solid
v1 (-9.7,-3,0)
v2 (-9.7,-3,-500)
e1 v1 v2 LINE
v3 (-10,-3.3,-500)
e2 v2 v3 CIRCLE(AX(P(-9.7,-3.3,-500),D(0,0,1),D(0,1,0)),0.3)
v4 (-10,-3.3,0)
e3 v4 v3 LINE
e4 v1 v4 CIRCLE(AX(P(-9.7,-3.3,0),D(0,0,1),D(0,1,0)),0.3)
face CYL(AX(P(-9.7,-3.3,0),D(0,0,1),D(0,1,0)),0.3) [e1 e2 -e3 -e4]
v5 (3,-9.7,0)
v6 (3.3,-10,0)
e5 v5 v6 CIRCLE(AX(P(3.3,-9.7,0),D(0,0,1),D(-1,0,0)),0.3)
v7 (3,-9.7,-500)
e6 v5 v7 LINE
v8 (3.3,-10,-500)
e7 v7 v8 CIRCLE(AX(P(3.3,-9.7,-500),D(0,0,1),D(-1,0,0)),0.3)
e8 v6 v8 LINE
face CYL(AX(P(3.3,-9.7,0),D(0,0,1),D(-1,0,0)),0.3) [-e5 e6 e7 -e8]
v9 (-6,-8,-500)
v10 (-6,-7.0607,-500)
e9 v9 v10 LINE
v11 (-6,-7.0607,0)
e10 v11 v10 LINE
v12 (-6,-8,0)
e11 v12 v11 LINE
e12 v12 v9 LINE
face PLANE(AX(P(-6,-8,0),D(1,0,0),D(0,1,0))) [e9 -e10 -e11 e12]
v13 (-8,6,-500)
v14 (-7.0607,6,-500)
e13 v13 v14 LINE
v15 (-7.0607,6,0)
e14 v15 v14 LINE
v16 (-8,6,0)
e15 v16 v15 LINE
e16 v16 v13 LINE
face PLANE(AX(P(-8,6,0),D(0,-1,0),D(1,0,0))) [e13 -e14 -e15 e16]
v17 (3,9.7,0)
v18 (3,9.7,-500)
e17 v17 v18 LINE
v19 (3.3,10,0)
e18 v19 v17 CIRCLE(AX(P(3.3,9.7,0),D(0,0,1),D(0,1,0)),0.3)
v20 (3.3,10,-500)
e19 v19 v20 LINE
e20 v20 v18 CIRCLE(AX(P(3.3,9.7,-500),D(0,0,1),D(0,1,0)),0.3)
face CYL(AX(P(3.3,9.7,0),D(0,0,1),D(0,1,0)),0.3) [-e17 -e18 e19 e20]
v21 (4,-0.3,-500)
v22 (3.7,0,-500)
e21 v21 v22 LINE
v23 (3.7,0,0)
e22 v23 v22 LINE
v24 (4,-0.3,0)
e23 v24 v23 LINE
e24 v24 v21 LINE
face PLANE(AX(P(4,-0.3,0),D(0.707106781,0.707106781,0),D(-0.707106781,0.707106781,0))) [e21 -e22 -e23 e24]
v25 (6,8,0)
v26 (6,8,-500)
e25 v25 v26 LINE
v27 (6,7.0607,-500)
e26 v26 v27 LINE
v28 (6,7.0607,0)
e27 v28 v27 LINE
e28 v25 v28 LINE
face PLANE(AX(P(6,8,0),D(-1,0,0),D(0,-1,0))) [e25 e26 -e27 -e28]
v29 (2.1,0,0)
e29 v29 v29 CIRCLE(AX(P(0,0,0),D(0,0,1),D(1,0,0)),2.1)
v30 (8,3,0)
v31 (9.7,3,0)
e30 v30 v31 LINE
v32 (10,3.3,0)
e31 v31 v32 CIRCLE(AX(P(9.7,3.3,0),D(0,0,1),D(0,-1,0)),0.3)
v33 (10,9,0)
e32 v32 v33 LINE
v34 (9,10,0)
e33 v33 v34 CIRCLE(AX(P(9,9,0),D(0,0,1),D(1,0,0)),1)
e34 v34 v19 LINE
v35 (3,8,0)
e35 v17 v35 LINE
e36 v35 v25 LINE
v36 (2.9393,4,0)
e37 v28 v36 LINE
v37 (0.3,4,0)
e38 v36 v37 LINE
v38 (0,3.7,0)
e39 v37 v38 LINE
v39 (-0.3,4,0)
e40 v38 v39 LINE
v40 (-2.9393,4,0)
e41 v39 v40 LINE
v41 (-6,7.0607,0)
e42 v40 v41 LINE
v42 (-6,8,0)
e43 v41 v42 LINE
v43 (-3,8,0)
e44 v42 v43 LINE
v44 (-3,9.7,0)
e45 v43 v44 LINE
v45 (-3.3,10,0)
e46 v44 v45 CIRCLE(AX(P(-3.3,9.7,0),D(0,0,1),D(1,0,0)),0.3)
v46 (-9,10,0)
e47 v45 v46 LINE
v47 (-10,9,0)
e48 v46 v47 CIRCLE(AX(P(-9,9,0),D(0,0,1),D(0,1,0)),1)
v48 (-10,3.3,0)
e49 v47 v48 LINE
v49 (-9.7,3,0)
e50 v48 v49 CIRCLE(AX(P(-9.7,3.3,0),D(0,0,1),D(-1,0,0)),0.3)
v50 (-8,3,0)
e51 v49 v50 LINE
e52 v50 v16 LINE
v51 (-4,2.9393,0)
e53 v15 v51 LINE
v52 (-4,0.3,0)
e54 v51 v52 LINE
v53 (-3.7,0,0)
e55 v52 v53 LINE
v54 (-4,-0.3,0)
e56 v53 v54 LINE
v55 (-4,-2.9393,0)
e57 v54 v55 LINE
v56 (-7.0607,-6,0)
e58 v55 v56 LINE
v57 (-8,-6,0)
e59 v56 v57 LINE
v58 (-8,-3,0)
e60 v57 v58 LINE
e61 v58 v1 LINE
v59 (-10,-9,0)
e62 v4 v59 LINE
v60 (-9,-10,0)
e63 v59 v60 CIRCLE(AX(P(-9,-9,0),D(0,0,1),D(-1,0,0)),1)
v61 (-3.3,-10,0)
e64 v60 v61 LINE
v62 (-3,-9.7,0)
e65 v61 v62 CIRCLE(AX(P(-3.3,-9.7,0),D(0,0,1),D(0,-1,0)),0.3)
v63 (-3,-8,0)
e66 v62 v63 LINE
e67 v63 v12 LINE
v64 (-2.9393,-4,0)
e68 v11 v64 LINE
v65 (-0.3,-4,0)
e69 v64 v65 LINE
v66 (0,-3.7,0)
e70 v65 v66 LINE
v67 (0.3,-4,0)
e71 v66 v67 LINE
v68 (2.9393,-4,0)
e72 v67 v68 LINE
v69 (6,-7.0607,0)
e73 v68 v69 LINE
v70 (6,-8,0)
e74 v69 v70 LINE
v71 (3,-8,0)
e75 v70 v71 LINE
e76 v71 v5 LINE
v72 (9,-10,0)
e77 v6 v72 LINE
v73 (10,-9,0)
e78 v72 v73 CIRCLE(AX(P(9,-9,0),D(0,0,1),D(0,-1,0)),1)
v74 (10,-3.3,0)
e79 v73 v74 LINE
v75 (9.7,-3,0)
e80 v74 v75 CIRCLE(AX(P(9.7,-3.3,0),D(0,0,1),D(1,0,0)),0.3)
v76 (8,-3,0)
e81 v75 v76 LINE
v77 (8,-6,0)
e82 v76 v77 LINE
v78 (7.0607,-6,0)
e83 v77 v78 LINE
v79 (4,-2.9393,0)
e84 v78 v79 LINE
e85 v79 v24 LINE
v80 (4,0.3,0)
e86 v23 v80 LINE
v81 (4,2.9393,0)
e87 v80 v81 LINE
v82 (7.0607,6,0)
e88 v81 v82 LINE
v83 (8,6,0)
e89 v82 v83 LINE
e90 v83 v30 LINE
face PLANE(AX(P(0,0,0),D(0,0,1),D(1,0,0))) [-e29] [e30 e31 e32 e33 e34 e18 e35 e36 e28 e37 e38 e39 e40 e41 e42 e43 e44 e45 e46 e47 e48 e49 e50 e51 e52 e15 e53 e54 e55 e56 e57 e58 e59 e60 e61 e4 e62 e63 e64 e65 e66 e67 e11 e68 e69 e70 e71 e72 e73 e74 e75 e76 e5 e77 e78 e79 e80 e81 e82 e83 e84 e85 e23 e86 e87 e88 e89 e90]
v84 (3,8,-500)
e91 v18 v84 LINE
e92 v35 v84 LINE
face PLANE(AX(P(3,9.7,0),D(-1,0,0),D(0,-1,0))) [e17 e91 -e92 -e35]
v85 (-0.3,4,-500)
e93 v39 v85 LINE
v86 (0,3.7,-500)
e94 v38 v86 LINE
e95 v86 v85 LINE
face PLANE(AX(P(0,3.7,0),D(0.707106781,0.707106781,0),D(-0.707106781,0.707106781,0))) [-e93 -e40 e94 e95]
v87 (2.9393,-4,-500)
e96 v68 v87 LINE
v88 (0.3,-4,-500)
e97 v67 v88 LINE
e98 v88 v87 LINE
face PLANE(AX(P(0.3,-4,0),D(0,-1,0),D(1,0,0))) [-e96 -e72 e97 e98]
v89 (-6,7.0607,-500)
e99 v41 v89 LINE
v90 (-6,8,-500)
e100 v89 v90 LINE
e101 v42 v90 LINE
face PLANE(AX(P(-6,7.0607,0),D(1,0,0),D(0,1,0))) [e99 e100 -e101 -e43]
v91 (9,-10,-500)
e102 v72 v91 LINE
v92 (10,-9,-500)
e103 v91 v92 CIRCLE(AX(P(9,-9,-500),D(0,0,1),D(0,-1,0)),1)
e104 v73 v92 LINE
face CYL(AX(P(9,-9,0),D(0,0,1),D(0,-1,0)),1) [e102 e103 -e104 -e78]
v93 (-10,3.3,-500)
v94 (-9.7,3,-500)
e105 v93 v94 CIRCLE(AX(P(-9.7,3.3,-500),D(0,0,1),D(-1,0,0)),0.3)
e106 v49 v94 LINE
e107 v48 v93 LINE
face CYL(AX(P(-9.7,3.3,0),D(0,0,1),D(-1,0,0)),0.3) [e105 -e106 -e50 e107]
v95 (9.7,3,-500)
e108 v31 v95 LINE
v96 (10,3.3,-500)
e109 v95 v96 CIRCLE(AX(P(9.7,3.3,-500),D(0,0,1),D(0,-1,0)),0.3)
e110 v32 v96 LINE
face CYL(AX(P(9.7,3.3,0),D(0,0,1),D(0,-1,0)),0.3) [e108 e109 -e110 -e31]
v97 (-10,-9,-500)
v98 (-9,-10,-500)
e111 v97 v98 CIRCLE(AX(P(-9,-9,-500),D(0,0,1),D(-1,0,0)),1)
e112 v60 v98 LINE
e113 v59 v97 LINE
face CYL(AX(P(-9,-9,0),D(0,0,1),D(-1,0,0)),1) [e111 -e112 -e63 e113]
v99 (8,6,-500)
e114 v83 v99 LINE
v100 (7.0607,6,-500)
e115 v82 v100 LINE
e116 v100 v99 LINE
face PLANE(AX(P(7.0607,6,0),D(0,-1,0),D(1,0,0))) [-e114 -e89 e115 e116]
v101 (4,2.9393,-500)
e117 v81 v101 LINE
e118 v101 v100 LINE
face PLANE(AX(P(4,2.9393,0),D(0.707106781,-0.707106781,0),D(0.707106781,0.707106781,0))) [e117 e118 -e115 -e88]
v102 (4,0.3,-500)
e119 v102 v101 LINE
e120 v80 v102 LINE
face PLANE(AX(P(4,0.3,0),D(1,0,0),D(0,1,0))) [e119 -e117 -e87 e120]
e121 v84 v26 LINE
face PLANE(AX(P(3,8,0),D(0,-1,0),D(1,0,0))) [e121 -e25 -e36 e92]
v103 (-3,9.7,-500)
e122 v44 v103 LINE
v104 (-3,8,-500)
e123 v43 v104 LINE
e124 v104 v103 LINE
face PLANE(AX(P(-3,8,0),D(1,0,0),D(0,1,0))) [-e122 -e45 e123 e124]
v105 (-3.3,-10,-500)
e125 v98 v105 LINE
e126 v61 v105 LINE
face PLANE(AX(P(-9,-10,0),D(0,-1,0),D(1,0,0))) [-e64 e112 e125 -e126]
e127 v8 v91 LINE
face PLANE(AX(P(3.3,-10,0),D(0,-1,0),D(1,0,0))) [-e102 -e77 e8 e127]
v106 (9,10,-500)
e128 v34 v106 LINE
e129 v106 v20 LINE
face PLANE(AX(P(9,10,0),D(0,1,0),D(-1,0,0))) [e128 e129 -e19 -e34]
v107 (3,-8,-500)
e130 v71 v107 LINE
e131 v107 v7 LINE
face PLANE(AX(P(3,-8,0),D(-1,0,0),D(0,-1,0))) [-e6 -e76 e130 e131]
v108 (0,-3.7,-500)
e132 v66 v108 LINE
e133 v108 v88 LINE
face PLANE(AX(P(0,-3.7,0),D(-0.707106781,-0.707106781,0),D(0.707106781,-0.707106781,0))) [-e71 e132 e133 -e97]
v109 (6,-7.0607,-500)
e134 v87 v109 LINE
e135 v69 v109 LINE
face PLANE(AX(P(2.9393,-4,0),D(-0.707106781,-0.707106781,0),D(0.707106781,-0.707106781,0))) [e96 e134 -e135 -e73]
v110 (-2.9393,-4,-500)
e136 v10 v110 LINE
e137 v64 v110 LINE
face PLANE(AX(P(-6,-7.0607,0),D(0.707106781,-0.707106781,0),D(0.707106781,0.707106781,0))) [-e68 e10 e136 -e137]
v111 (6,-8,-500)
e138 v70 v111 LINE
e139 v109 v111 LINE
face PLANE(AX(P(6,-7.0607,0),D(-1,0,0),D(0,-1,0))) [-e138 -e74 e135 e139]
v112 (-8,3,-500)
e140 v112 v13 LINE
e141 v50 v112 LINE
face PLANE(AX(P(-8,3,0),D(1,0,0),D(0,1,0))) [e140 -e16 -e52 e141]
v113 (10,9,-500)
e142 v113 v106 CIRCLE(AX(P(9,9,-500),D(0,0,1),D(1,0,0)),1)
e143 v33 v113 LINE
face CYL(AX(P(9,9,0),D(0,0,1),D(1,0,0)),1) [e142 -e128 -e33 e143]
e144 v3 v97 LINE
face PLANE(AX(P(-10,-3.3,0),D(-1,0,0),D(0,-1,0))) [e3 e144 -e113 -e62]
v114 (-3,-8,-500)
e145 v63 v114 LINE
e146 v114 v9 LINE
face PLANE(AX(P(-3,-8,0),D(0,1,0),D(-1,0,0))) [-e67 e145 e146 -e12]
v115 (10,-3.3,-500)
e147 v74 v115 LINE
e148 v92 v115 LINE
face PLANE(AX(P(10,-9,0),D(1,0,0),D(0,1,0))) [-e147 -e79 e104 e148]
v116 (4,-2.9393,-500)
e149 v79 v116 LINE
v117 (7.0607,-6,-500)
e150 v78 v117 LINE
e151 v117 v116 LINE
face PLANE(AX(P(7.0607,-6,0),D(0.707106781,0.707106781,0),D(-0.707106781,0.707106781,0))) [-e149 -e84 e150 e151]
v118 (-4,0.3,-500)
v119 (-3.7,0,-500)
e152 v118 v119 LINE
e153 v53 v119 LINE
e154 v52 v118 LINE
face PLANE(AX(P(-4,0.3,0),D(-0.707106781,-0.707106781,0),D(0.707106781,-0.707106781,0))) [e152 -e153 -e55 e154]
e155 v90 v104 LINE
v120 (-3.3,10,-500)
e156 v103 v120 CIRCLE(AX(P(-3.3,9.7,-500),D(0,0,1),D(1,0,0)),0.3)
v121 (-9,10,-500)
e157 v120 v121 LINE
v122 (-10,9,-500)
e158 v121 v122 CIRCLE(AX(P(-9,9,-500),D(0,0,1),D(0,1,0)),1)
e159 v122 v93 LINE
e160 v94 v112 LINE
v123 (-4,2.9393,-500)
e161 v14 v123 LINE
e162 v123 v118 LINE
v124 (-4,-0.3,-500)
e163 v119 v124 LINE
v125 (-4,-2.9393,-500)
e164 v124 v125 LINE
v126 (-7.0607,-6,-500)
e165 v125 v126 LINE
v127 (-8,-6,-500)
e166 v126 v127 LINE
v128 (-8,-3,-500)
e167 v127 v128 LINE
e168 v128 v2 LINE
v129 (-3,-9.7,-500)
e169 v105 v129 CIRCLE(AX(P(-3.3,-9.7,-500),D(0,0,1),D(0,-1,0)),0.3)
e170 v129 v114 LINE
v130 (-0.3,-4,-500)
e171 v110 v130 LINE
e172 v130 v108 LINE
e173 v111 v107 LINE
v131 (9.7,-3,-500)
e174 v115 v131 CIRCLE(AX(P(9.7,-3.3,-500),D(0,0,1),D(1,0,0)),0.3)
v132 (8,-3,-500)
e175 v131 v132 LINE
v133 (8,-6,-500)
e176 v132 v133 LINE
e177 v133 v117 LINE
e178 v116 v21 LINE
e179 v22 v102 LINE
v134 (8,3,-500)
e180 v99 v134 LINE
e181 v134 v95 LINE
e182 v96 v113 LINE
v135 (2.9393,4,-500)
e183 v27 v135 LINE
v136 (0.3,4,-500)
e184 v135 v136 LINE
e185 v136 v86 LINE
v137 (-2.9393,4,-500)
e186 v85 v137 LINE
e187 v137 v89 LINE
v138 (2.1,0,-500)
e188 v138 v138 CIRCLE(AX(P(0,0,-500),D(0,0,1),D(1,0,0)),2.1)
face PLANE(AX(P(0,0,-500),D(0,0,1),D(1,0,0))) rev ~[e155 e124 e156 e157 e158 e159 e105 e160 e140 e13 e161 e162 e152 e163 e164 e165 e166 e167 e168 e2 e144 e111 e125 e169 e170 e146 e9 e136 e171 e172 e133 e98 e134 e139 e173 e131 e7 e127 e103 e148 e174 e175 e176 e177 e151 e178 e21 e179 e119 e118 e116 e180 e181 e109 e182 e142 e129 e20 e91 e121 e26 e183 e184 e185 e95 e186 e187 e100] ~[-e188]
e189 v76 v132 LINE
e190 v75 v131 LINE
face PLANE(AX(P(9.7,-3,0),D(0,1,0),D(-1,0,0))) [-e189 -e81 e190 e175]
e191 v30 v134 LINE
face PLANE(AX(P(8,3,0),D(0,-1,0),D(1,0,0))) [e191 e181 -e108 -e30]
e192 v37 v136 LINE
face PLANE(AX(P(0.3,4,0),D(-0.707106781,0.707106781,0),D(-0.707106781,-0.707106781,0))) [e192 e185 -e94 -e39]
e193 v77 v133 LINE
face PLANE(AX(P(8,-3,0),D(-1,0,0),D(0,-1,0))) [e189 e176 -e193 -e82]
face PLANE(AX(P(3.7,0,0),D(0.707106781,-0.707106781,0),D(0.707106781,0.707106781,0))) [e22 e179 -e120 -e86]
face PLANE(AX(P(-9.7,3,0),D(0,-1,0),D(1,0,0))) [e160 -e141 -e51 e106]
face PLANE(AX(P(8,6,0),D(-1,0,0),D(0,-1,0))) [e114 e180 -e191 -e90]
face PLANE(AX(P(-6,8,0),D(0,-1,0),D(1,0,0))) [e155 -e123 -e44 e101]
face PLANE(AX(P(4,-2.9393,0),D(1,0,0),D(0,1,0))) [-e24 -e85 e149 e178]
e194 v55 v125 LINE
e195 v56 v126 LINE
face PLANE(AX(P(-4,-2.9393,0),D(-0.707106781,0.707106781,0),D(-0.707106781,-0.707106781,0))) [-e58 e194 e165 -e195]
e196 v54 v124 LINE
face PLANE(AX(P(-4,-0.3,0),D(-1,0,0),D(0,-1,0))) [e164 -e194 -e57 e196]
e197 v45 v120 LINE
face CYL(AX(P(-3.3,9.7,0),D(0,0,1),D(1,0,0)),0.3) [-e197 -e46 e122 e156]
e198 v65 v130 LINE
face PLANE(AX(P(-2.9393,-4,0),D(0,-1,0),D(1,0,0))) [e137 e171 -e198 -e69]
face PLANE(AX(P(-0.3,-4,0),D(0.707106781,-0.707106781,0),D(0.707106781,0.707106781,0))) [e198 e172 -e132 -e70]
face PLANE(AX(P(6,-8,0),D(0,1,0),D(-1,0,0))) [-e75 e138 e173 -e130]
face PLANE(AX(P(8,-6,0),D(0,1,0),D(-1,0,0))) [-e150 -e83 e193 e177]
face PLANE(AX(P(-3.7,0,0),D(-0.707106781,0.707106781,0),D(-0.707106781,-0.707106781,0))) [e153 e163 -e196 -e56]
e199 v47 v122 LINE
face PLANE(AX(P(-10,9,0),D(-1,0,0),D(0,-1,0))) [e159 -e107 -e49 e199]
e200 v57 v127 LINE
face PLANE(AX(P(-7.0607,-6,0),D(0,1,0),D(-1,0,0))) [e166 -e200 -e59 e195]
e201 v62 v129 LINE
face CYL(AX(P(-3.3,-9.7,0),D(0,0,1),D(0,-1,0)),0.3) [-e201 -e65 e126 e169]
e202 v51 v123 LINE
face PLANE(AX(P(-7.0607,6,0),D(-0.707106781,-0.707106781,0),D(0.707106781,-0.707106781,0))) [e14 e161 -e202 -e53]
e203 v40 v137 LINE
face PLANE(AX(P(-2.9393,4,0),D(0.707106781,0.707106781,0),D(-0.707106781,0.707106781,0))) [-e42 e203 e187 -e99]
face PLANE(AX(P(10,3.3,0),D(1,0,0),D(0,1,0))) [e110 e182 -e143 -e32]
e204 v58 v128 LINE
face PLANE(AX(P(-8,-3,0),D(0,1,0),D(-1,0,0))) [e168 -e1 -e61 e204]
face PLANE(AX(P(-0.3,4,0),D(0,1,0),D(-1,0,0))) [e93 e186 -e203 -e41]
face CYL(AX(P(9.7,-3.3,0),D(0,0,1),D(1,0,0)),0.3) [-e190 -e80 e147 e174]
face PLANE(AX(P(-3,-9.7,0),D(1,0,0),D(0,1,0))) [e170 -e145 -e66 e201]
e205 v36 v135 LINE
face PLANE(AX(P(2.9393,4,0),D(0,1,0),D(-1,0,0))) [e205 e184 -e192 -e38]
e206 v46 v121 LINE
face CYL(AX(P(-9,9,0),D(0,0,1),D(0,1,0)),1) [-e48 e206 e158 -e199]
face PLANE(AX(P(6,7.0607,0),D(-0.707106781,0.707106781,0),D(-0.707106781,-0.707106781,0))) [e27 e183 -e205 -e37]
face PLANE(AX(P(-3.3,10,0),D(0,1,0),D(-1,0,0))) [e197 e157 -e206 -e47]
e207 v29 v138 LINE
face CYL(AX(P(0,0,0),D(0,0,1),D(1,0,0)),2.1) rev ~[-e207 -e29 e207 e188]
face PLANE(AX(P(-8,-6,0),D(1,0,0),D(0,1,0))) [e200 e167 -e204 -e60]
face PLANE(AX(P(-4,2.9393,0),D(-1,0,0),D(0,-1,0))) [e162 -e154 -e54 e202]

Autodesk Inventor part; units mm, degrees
ref_plane "YZ Plane" through (0, 0, 0) normal (1, 0, 0) x (0, 1, 0)
ref_plane "XZ Plane" through (0, 0, 0) normal (0, 1, 0) x (-1, 0, 0)
ref_plane "XY Plane" through (0, 0, 0) normal (0, 0, 1) x (1, 0, 0)
sketch "Sketch_5" plane through (0, 0, 0) normal (0, 0, 1) x (1, 0, 0)
  line L0 (-10, 9) -> (-10, 3.3)
  arc A0 (-10, 3.3) -> (-9.7, 3) centre (-9.7, 3.3) ccw
  line L1 (-9.7, 3) -> (-8, 3)
  line L2 (-8, 3) -> (-8, 6)
  line L3 (-8, 6) -> (-7.0607, 6)
  line L4 (-7.0607, 6) -> (-4, 2.9393)
  line L5 (-4, 2.9393) -> (-4, 0.3)
  line L6 (-4, 0.3) -> (-3.7, 0)
  line L7 (-3.7, 0) -> (-4, -0.3)
  line L8 (-4, -0.3) -> (-4, -2.9393)
  line L9 (-4, -2.9393) -> (-7.0607, -6)
  line L10 (-7.0607, -6) -> (-8, -6)
  line L11 (-8, -6) -> (-8, -3)
  line L12 (-8, -3) -> (-9.7, -3)
  arc A1 (-9.7, -3) -> (-10, -3.3) centre (-9.7, -3.3) ccw
  line L13 (-10, -3.3) -> (-10, -9)
  arc A2 (-10, -9) -> (-9, -10) centre (-9, -9) ccw
  line L14 (-9, -10) -> (-3.3, -10)
  arc A3 (-3.3, -10) -> (-3, -9.7) centre (-3.3, -9.7) ccw
  line L15 (-3, -9.7) -> (-3, -8)
  line L16 (-3, -8) -> (-6, -8)
  line L17 (-6, -8) -> (-6, -7.0607)
  line L18 (-6, -7.0607) -> (-2.9393, -4)
  line L19 (-2.9393, -4) -> (-0.3, -4)
  line L20 (-0.3, -4) -> (0, -3.7)
  line L21 (0, -3.7) -> (0.3, -4)
  line L22 (0.3, -4) -> (2.9393, -4)
  line L23 (2.9393, -4) -> (6, -7.0607)
  line L24 (6, -7.0607) -> (6, -8)
  line L25 (6, -8) -> (3, -8)
  line L26 (3, -8) -> (3, -9.7)
  arc A4 (3, -9.7) -> (3.3, -10) centre (3.3, -9.7) ccw
  line L27 (3.3, -10) -> (9, -10)
  arc A5 (9, -10) -> (10, -9) centre (9, -9) ccw
  line L28 (10, -9) -> (10, -3.3)
  arc A6 (10, -3.3) -> (9.7, -3) centre (9.7, -3.3) ccw
  line L29 (9.7, -3) -> (8, -3)
  line L30 (8, -3) -> (8, -6)
  line L31 (8, -6) -> (7.0607, -6)
  line L32 (7.0607, -6) -> (4, -2.9393)
  line L33 (4, -2.9393) -> (4, -0.3)
  line L34 (4, -0.3) -> (3.7, 0)
  line L35 (3.7, 0) -> (4, 0.3)
  line L36 (4, 0.3) -> (4, 2.9393)
  line L37 (4, 2.9393) -> (7.0607, 6)
  line L38 (7.0607, 6) -> (8, 6)
  line L39 (8, 6) -> (8, 3)
  line L40 (8, 3) -> (9.7, 3)
  arc A7 (9.7, 3) -> (10, 3.3) centre (9.7, 3.3) ccw
  line L41 (10, 3.3) -> (10, 9)
  arc A8 (10, 9) -> (9, 10) centre (9, 9) ccw
  line L42 (9, 10) -> (3.3, 10)
  arc A9 (3.3, 10) -> (3, 9.7) centre (3.3, 9.7) ccw
  line L43 (3, 9.7) -> (3, 8)
  line L44 (3, 8) -> (6, 8)
  line L45 (6, 8) -> (6, 7.0607)
  line L46 (6, 7.0607) -> (2.9393, 4)
  line L47 (2.9393, 4) -> (0.3, 4)
  line L48 (0.3, 4) -> (0, 3.7)
  line L49 (0, 3.7) -> (-0.3, 4)
  line L50 (-0.3, 4) -> (-2.9393, 4)
  line L51 (-2.9393, 4) -> (-6, 7.0607)
  line L52 (-6, 7.0607) -> (-6, 8)
  line L53 (-6, 8) -> (-3, 8)
  line L54 (-3, 8) -> (-3, 9.7)
  arc A10 (-3, 9.7) -> (-3.3, 10) centre (-3.3, 9.7) ccw
  line L55 (-3.3, 10) -> (-9, 10)
  arc A11 (-9, 10) -> (-10, 9) centre (-9, 9) ccw
  circle A12 centre (0, 0) radius 2.1
extrude "Extrusion1" add sketch "Sketch_5" against normal blind 500
properties part number "KHFS5-2020-4000" material "Aluminum 6061"
